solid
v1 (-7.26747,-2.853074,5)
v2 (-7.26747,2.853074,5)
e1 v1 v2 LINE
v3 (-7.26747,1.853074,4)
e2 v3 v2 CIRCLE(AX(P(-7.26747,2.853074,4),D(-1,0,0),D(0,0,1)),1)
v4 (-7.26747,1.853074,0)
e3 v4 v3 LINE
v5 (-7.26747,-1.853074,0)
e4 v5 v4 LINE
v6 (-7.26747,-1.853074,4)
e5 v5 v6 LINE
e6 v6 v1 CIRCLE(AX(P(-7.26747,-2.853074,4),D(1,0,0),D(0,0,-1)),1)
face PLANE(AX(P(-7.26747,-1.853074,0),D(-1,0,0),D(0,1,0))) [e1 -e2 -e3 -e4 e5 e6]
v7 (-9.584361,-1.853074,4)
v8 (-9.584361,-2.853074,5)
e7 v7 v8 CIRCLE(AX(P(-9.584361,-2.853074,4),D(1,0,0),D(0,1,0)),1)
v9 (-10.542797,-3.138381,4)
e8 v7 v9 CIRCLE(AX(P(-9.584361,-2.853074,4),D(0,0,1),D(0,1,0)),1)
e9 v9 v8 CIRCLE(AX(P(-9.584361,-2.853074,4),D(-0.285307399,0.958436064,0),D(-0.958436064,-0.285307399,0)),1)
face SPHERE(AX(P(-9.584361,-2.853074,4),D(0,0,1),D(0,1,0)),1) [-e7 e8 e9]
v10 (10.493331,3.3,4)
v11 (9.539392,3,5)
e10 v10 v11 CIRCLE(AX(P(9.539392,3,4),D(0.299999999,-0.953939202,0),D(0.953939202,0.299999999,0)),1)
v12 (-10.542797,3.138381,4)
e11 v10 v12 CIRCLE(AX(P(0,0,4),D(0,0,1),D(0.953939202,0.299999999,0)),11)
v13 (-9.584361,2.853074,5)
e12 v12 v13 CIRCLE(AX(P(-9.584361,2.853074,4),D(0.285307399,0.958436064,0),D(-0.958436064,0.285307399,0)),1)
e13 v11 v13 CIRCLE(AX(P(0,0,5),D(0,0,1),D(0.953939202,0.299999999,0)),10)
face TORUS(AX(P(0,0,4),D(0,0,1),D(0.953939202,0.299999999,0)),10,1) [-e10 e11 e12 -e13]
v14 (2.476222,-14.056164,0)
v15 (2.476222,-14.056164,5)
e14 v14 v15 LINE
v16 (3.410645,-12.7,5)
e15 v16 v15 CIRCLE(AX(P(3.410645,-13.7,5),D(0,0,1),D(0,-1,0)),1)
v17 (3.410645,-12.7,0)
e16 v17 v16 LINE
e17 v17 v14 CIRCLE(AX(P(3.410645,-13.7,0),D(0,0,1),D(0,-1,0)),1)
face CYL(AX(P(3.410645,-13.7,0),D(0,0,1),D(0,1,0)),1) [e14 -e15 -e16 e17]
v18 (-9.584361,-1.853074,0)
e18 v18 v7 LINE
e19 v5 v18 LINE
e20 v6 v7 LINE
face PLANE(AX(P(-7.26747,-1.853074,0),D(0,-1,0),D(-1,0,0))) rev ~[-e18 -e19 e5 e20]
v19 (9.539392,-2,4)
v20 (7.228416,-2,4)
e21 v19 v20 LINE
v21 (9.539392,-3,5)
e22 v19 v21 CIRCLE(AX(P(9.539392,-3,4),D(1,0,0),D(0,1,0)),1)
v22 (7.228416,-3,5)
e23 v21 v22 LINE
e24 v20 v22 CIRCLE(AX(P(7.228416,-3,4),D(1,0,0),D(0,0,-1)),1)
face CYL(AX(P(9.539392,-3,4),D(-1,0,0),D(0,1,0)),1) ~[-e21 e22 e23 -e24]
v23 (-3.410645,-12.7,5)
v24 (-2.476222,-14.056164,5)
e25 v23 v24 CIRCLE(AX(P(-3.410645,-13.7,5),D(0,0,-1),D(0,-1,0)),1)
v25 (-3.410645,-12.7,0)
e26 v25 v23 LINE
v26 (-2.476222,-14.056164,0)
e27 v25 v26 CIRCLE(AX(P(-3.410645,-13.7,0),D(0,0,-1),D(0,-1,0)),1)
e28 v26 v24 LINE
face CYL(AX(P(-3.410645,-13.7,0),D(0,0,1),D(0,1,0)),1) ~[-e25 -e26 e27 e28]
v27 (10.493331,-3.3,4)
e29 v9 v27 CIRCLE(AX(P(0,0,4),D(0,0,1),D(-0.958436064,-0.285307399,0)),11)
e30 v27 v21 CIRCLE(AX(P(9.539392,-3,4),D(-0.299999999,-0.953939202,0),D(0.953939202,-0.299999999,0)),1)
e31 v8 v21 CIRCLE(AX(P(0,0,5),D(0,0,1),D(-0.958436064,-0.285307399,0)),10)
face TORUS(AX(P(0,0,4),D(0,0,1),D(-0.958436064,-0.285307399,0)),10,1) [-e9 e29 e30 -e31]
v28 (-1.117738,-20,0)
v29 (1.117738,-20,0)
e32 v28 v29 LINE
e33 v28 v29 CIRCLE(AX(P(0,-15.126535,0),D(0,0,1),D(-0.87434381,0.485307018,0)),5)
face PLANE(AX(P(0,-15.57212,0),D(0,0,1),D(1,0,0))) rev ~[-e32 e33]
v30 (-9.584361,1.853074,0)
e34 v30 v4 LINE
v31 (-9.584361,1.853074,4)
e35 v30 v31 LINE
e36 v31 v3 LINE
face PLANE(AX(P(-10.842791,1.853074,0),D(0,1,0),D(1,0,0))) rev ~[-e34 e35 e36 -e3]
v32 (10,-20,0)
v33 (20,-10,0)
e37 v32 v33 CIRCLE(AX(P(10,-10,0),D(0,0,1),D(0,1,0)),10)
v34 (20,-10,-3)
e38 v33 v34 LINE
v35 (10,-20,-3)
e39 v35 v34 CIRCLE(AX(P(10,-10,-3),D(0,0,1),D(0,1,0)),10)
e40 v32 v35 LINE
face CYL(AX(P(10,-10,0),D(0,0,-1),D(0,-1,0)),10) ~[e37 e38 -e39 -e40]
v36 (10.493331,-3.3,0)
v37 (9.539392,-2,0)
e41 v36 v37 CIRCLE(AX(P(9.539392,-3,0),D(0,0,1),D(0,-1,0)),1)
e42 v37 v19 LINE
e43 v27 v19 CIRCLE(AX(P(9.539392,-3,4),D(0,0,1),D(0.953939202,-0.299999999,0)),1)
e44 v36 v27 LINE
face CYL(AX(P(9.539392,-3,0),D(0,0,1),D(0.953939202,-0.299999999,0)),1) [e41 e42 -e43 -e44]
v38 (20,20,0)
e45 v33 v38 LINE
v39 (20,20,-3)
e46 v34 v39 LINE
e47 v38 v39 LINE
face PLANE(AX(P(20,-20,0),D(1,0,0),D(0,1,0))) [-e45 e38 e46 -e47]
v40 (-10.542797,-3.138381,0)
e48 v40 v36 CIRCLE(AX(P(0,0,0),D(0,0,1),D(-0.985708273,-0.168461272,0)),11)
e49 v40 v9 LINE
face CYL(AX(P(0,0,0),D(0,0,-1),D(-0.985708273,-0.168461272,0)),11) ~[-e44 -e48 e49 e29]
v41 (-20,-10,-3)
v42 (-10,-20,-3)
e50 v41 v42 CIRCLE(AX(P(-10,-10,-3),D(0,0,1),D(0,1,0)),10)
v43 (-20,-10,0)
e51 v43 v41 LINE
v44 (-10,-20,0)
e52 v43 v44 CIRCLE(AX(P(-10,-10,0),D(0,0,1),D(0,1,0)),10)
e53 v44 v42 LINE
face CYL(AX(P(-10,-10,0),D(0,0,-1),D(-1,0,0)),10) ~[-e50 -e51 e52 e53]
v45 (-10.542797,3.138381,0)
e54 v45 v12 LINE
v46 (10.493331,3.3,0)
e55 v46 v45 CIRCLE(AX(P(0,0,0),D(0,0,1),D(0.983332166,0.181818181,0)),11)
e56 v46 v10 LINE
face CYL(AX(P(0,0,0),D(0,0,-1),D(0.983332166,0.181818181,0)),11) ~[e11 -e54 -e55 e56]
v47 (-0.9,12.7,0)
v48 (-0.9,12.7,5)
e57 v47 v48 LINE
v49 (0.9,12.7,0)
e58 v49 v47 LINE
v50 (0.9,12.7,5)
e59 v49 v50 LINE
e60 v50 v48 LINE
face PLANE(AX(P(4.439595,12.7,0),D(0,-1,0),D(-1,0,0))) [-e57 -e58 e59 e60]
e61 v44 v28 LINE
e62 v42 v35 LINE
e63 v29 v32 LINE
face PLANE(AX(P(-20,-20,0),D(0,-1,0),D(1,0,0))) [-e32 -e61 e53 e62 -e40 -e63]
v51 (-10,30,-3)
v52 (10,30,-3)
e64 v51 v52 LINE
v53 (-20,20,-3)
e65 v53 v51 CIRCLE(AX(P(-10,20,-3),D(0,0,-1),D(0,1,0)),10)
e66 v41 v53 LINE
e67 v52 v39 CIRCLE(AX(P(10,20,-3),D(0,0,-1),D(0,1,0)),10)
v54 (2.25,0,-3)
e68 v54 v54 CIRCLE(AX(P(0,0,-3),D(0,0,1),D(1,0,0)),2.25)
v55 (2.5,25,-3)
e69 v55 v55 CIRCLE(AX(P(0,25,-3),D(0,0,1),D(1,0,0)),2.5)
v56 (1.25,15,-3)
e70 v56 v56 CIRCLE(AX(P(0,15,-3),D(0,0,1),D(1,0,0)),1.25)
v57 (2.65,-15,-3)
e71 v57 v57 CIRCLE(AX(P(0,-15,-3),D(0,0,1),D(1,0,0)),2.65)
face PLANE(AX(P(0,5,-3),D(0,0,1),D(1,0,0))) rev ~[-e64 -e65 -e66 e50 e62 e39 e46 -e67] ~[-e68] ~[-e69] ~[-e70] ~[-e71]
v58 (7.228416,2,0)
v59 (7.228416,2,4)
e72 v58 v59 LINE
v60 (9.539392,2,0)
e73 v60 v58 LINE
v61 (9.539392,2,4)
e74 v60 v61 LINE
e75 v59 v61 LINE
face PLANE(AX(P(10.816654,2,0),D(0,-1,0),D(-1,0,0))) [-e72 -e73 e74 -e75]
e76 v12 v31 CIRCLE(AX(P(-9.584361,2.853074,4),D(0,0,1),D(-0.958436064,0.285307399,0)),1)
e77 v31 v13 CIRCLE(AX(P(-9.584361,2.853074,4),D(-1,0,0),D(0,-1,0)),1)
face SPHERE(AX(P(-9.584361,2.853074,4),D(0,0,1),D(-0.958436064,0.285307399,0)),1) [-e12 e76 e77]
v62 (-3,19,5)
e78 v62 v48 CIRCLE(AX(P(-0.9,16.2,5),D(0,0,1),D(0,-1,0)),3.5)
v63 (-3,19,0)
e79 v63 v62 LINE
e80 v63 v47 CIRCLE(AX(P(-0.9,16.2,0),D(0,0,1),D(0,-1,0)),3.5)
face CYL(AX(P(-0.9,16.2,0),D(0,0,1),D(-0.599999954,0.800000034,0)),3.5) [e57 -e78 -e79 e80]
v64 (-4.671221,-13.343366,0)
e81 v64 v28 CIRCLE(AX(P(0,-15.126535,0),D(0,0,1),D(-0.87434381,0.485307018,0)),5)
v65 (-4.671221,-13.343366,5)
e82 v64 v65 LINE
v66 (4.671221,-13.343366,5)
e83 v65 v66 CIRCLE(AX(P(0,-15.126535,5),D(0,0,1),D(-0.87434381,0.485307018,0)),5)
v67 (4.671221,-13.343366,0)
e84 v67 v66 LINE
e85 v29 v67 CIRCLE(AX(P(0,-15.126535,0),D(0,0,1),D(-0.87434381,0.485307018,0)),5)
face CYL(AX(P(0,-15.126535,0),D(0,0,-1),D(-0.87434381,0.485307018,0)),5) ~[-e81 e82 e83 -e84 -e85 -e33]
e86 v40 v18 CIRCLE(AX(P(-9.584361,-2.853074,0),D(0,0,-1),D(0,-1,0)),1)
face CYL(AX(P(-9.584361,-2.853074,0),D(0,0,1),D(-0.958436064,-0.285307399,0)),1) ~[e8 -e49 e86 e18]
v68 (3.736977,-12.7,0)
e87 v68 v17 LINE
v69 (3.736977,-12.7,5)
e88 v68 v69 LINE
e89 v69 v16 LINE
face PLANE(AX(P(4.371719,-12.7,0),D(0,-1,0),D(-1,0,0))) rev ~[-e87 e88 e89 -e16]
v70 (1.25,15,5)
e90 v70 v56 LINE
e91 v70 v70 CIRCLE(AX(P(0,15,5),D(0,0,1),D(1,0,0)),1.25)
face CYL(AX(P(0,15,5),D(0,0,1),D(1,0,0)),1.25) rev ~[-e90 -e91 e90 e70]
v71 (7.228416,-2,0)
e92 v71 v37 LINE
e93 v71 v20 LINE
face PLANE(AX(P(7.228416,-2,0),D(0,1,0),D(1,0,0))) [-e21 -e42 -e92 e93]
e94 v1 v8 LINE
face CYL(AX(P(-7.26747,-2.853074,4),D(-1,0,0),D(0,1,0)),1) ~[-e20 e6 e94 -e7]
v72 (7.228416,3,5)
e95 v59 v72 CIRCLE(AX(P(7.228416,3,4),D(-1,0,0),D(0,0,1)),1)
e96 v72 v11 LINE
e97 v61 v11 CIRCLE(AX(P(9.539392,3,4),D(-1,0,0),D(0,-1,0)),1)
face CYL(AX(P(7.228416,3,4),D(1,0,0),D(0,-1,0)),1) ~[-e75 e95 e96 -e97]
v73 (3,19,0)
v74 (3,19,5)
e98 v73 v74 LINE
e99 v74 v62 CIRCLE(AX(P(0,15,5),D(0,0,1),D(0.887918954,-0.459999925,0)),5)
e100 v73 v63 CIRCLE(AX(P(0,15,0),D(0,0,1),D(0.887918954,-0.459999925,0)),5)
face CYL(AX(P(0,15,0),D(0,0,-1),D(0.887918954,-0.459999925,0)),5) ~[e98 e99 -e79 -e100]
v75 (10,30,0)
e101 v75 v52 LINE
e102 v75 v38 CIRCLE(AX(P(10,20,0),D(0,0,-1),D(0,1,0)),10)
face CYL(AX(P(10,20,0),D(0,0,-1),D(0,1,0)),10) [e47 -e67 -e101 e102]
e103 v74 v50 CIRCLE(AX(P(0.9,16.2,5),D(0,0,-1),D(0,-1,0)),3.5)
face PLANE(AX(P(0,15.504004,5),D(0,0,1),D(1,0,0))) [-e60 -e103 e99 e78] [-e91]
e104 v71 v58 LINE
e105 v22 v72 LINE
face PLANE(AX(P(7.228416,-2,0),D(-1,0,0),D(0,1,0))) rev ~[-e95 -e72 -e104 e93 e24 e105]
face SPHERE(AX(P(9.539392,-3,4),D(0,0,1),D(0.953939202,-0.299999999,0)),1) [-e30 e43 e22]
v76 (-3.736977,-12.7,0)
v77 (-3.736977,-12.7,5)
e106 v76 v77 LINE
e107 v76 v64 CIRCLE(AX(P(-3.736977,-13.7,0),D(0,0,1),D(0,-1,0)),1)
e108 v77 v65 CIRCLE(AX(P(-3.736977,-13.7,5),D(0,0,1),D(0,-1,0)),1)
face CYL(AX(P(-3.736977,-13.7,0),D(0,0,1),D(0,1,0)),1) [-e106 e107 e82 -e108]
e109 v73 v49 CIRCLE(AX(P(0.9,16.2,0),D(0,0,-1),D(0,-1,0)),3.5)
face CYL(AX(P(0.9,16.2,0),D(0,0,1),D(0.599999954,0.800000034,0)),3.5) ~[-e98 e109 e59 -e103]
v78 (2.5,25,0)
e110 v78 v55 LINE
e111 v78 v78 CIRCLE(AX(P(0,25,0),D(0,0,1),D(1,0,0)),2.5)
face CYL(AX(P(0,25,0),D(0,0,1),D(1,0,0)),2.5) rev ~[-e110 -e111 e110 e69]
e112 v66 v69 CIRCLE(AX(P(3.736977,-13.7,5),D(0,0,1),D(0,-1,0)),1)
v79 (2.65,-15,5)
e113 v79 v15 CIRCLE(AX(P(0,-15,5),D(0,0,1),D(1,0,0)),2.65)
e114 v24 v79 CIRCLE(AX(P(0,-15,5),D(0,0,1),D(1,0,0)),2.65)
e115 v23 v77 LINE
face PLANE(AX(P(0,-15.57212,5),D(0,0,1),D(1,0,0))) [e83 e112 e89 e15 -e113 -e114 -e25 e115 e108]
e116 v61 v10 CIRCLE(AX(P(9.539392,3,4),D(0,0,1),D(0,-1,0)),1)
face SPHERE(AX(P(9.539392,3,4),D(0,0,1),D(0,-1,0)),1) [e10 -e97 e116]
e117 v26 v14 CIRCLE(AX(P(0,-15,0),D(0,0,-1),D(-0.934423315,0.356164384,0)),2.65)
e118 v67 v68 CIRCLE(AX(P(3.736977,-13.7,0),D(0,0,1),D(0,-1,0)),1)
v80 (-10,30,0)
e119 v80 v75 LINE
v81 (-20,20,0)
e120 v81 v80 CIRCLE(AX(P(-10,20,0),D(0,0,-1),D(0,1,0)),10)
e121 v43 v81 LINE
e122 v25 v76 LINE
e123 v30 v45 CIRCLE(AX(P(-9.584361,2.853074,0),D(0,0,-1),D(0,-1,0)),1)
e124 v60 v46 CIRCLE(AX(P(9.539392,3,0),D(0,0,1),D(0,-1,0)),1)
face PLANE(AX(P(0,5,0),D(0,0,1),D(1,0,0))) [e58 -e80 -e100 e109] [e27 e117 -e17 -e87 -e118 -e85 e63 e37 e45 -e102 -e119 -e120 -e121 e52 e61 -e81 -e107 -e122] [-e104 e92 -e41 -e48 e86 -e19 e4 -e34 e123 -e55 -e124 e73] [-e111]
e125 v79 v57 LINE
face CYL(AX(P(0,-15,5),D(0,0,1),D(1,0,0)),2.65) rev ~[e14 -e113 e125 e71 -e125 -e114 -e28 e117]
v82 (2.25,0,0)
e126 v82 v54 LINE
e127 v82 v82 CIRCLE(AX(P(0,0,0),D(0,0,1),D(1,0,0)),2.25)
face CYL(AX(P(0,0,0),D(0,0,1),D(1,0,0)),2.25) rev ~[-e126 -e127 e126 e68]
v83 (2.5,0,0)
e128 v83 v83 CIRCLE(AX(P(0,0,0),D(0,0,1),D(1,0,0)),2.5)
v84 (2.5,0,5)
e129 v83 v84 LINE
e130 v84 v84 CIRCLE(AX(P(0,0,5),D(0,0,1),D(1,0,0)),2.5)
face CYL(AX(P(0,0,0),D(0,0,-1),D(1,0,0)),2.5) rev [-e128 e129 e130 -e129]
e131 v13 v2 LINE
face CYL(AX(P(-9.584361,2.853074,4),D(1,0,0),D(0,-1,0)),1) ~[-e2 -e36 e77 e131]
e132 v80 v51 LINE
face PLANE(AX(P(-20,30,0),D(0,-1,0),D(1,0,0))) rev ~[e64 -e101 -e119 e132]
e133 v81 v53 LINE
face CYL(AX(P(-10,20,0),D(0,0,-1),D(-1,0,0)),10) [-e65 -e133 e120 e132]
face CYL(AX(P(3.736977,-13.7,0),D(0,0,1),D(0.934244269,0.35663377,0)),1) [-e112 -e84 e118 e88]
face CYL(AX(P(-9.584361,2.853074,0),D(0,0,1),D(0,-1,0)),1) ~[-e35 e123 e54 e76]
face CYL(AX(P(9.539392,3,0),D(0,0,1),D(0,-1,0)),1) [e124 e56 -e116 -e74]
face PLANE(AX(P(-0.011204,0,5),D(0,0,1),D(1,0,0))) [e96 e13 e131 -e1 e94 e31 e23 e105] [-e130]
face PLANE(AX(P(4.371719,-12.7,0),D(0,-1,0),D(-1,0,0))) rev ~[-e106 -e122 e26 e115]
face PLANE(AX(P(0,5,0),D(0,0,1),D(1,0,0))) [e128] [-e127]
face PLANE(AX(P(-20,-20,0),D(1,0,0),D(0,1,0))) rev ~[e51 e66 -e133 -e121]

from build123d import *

# Parameters (mm, degrees)
SKETCH_R      = 2.5
PAD_DEPTH     = 5
SKETCH001_W   = 40
SKETCH001_H   = 50
SKETCH001_R   = 2.25
SKETCH001_R_2 = 2.5
PAD001_DEPTH  = 3
FILLET_R      = 10
PAD002_DEPTH  = 5
SKETCH003_R   = 1.25
SKETCH003_R_2 = 2.65
POCKET_DEPTH  = 8.001
FILLET001_R   = 1
FILLET002_R   = 1
FILLET003_R   = 1
FILLET004_R   = 3.5
FILLET005_R   = 1
FILLET006_R   = 1
FILLET007_R   = 1
FILLET008_R   = 1


with BuildPart() as part:
    # Sketch → Pad (new body)
    with BuildSketch(Plane.XY):
        with BuildLine():
            ThreePointArc((-10.842791, -1.853074), (-0.074616, -10.999747), (10.816654, -2))
            Line((7.228416, -2), (10.816654, -2))
            Line((7.228416, -2), (7.228416, 2))
            Line((10.816654, 2), (7.228416, 2))
            ThreePointArc((10.816654, 2), (-0.074616, 10.999747), (-10.842791, 1.853074))
            Line((-10.842791, 1.853074), (-7.26747, 1.853074))
            Line((-7.26747, -1.853074), (-7.26747, 1.853074))
            Line((-7.26747, -1.853074), (-10.842791, -1.853074))
        make_face()
        Circle(SKETCH_R, mode=Mode.SUBTRACT)
    extrude(amount=PAD_DEPTH)

    # Sketch001 → Pad001 (join)
    with BuildSketch(Plane.XY):
        with Locations((0, 5)):
            Rectangle(SKETCH001_W, SKETCH001_H)
        Circle(SKETCH001_R, mode=Mode.SUBTRACT)
        with Locations((0, 25)):
            Circle(SKETCH001_R_2, mode=Mode.SUBTRACT)
        with Locations((0, -15)):
            Circle(SKETCH001_R_2, mode=Mode.SUBTRACT)
    extrude(amount=-PAD001_DEPTH)

    # Fillet
    fillet_edges = [part.edges().sort_by_distance(p)[0] for p in [
        (20, -20, -1.5),
        (-20, -20, -1.5),
        (-20, 30, -1.5),
        (20, 30, -1.5),
    ]]
    fillet(fillet_edges, radius=FILLET_R)

    # Sketch002 (on Face2 of Fillet) → Pad002 (join)
    with BuildSketch(Plane.XY):
        with BuildLine():
            ThreePointArc((-4.371719, -12.7), (0, -20.126535), (4.371719, -12.7))
            Line((4.371719, -12.7), (-4.371719, -12.7))
        make_face()
        with BuildLine():
            ThreePointArc((4.439595, 12.7), (0, 20), (-4.439595, 12.7))
            Line((4.439595, 12.7), (-4.439595, 12.7))
        make_face()
    extrude(amount=PAD002_DEPTH)

    # Sketch003 (on Face30 of Pad002) → Pocket (cut, through all)
    with BuildSketch(Plane.XY.offset(5)):
        with Locations((0, 15)):
            Circle(SKETCH003_R)
        with Locations((0, -15)):
            Circle(SKETCH003_R_2)
    extrude(amount=-POCKET_DEPTH, mode=Mode.SUBTRACT)

    # Fillet001
    fillet001_edges = [part.edges().sort_by_distance(p)[0] for p in [
        (1.316245, -12.7, 2.5),
        (-1.316245, -12.7, 2.5),
    ]]
    fillet(fillet001_edges, radius=FILLET001_R)

    # Fillet002
    fillet002_edges = [part.edges().sort_by_distance(p)[0] for p in [
        (-4.371719, -12.7, 2.5),
    ]]
    fillet(fillet002_edges, radius=FILLET002_R)

    # Fillet003
    fillet003_edges = [part.edges().sort_by_distance(p)[0] for p in [
        (4.371719, -12.7, 2.5),
    ]]
    fillet(fillet003_edges, radius=FILLET003_R)

    # Fillet004
    fillet004_edges = [part.edges().sort_by_distance(p)[0] for p in [
        (-4.439595, 12.7, 2.5),
        (4.439595, 12.7, 2.5),
    ]]
    fillet(fillet004_edges, radius=FILLET004_R)

    # Fillet005
    fillet005_edges = [part.edges().sort_by_distance(p)[0] for p in [
        (-10.842791, 1.853074, 2.5),
        (-10.842791, -1.853074, 2.5),
    ]]
    fillet(fillet005_edges, radius=FILLET005_R)

    # Fillet006
    fillet006_edges = [part.edges().sort_by_distance(p)[0] for p in [
        (10.816654, 2, 2.5),
        (10.816654, -2, 2.5),
    ]]
    fillet(fillet006_edges, radius=FILLET006_R)

    # Fillet007
    fillet007_edges = [part.edges().sort_by_distance(p)[0] for p in [
        (-0.084509, -10.999675, 5),
    ]]
    fillet(fillet007_edges, radius=FILLET007_R)

    # Fillet008
    fillet008_edges = [part.edges().sort_by_distance(p)[0] for p in [
        (-0.084509, 10.999675, 5),
    ]]
    fillet(fillet008_edges, radius=FILLET008_R)


solid = part.part
